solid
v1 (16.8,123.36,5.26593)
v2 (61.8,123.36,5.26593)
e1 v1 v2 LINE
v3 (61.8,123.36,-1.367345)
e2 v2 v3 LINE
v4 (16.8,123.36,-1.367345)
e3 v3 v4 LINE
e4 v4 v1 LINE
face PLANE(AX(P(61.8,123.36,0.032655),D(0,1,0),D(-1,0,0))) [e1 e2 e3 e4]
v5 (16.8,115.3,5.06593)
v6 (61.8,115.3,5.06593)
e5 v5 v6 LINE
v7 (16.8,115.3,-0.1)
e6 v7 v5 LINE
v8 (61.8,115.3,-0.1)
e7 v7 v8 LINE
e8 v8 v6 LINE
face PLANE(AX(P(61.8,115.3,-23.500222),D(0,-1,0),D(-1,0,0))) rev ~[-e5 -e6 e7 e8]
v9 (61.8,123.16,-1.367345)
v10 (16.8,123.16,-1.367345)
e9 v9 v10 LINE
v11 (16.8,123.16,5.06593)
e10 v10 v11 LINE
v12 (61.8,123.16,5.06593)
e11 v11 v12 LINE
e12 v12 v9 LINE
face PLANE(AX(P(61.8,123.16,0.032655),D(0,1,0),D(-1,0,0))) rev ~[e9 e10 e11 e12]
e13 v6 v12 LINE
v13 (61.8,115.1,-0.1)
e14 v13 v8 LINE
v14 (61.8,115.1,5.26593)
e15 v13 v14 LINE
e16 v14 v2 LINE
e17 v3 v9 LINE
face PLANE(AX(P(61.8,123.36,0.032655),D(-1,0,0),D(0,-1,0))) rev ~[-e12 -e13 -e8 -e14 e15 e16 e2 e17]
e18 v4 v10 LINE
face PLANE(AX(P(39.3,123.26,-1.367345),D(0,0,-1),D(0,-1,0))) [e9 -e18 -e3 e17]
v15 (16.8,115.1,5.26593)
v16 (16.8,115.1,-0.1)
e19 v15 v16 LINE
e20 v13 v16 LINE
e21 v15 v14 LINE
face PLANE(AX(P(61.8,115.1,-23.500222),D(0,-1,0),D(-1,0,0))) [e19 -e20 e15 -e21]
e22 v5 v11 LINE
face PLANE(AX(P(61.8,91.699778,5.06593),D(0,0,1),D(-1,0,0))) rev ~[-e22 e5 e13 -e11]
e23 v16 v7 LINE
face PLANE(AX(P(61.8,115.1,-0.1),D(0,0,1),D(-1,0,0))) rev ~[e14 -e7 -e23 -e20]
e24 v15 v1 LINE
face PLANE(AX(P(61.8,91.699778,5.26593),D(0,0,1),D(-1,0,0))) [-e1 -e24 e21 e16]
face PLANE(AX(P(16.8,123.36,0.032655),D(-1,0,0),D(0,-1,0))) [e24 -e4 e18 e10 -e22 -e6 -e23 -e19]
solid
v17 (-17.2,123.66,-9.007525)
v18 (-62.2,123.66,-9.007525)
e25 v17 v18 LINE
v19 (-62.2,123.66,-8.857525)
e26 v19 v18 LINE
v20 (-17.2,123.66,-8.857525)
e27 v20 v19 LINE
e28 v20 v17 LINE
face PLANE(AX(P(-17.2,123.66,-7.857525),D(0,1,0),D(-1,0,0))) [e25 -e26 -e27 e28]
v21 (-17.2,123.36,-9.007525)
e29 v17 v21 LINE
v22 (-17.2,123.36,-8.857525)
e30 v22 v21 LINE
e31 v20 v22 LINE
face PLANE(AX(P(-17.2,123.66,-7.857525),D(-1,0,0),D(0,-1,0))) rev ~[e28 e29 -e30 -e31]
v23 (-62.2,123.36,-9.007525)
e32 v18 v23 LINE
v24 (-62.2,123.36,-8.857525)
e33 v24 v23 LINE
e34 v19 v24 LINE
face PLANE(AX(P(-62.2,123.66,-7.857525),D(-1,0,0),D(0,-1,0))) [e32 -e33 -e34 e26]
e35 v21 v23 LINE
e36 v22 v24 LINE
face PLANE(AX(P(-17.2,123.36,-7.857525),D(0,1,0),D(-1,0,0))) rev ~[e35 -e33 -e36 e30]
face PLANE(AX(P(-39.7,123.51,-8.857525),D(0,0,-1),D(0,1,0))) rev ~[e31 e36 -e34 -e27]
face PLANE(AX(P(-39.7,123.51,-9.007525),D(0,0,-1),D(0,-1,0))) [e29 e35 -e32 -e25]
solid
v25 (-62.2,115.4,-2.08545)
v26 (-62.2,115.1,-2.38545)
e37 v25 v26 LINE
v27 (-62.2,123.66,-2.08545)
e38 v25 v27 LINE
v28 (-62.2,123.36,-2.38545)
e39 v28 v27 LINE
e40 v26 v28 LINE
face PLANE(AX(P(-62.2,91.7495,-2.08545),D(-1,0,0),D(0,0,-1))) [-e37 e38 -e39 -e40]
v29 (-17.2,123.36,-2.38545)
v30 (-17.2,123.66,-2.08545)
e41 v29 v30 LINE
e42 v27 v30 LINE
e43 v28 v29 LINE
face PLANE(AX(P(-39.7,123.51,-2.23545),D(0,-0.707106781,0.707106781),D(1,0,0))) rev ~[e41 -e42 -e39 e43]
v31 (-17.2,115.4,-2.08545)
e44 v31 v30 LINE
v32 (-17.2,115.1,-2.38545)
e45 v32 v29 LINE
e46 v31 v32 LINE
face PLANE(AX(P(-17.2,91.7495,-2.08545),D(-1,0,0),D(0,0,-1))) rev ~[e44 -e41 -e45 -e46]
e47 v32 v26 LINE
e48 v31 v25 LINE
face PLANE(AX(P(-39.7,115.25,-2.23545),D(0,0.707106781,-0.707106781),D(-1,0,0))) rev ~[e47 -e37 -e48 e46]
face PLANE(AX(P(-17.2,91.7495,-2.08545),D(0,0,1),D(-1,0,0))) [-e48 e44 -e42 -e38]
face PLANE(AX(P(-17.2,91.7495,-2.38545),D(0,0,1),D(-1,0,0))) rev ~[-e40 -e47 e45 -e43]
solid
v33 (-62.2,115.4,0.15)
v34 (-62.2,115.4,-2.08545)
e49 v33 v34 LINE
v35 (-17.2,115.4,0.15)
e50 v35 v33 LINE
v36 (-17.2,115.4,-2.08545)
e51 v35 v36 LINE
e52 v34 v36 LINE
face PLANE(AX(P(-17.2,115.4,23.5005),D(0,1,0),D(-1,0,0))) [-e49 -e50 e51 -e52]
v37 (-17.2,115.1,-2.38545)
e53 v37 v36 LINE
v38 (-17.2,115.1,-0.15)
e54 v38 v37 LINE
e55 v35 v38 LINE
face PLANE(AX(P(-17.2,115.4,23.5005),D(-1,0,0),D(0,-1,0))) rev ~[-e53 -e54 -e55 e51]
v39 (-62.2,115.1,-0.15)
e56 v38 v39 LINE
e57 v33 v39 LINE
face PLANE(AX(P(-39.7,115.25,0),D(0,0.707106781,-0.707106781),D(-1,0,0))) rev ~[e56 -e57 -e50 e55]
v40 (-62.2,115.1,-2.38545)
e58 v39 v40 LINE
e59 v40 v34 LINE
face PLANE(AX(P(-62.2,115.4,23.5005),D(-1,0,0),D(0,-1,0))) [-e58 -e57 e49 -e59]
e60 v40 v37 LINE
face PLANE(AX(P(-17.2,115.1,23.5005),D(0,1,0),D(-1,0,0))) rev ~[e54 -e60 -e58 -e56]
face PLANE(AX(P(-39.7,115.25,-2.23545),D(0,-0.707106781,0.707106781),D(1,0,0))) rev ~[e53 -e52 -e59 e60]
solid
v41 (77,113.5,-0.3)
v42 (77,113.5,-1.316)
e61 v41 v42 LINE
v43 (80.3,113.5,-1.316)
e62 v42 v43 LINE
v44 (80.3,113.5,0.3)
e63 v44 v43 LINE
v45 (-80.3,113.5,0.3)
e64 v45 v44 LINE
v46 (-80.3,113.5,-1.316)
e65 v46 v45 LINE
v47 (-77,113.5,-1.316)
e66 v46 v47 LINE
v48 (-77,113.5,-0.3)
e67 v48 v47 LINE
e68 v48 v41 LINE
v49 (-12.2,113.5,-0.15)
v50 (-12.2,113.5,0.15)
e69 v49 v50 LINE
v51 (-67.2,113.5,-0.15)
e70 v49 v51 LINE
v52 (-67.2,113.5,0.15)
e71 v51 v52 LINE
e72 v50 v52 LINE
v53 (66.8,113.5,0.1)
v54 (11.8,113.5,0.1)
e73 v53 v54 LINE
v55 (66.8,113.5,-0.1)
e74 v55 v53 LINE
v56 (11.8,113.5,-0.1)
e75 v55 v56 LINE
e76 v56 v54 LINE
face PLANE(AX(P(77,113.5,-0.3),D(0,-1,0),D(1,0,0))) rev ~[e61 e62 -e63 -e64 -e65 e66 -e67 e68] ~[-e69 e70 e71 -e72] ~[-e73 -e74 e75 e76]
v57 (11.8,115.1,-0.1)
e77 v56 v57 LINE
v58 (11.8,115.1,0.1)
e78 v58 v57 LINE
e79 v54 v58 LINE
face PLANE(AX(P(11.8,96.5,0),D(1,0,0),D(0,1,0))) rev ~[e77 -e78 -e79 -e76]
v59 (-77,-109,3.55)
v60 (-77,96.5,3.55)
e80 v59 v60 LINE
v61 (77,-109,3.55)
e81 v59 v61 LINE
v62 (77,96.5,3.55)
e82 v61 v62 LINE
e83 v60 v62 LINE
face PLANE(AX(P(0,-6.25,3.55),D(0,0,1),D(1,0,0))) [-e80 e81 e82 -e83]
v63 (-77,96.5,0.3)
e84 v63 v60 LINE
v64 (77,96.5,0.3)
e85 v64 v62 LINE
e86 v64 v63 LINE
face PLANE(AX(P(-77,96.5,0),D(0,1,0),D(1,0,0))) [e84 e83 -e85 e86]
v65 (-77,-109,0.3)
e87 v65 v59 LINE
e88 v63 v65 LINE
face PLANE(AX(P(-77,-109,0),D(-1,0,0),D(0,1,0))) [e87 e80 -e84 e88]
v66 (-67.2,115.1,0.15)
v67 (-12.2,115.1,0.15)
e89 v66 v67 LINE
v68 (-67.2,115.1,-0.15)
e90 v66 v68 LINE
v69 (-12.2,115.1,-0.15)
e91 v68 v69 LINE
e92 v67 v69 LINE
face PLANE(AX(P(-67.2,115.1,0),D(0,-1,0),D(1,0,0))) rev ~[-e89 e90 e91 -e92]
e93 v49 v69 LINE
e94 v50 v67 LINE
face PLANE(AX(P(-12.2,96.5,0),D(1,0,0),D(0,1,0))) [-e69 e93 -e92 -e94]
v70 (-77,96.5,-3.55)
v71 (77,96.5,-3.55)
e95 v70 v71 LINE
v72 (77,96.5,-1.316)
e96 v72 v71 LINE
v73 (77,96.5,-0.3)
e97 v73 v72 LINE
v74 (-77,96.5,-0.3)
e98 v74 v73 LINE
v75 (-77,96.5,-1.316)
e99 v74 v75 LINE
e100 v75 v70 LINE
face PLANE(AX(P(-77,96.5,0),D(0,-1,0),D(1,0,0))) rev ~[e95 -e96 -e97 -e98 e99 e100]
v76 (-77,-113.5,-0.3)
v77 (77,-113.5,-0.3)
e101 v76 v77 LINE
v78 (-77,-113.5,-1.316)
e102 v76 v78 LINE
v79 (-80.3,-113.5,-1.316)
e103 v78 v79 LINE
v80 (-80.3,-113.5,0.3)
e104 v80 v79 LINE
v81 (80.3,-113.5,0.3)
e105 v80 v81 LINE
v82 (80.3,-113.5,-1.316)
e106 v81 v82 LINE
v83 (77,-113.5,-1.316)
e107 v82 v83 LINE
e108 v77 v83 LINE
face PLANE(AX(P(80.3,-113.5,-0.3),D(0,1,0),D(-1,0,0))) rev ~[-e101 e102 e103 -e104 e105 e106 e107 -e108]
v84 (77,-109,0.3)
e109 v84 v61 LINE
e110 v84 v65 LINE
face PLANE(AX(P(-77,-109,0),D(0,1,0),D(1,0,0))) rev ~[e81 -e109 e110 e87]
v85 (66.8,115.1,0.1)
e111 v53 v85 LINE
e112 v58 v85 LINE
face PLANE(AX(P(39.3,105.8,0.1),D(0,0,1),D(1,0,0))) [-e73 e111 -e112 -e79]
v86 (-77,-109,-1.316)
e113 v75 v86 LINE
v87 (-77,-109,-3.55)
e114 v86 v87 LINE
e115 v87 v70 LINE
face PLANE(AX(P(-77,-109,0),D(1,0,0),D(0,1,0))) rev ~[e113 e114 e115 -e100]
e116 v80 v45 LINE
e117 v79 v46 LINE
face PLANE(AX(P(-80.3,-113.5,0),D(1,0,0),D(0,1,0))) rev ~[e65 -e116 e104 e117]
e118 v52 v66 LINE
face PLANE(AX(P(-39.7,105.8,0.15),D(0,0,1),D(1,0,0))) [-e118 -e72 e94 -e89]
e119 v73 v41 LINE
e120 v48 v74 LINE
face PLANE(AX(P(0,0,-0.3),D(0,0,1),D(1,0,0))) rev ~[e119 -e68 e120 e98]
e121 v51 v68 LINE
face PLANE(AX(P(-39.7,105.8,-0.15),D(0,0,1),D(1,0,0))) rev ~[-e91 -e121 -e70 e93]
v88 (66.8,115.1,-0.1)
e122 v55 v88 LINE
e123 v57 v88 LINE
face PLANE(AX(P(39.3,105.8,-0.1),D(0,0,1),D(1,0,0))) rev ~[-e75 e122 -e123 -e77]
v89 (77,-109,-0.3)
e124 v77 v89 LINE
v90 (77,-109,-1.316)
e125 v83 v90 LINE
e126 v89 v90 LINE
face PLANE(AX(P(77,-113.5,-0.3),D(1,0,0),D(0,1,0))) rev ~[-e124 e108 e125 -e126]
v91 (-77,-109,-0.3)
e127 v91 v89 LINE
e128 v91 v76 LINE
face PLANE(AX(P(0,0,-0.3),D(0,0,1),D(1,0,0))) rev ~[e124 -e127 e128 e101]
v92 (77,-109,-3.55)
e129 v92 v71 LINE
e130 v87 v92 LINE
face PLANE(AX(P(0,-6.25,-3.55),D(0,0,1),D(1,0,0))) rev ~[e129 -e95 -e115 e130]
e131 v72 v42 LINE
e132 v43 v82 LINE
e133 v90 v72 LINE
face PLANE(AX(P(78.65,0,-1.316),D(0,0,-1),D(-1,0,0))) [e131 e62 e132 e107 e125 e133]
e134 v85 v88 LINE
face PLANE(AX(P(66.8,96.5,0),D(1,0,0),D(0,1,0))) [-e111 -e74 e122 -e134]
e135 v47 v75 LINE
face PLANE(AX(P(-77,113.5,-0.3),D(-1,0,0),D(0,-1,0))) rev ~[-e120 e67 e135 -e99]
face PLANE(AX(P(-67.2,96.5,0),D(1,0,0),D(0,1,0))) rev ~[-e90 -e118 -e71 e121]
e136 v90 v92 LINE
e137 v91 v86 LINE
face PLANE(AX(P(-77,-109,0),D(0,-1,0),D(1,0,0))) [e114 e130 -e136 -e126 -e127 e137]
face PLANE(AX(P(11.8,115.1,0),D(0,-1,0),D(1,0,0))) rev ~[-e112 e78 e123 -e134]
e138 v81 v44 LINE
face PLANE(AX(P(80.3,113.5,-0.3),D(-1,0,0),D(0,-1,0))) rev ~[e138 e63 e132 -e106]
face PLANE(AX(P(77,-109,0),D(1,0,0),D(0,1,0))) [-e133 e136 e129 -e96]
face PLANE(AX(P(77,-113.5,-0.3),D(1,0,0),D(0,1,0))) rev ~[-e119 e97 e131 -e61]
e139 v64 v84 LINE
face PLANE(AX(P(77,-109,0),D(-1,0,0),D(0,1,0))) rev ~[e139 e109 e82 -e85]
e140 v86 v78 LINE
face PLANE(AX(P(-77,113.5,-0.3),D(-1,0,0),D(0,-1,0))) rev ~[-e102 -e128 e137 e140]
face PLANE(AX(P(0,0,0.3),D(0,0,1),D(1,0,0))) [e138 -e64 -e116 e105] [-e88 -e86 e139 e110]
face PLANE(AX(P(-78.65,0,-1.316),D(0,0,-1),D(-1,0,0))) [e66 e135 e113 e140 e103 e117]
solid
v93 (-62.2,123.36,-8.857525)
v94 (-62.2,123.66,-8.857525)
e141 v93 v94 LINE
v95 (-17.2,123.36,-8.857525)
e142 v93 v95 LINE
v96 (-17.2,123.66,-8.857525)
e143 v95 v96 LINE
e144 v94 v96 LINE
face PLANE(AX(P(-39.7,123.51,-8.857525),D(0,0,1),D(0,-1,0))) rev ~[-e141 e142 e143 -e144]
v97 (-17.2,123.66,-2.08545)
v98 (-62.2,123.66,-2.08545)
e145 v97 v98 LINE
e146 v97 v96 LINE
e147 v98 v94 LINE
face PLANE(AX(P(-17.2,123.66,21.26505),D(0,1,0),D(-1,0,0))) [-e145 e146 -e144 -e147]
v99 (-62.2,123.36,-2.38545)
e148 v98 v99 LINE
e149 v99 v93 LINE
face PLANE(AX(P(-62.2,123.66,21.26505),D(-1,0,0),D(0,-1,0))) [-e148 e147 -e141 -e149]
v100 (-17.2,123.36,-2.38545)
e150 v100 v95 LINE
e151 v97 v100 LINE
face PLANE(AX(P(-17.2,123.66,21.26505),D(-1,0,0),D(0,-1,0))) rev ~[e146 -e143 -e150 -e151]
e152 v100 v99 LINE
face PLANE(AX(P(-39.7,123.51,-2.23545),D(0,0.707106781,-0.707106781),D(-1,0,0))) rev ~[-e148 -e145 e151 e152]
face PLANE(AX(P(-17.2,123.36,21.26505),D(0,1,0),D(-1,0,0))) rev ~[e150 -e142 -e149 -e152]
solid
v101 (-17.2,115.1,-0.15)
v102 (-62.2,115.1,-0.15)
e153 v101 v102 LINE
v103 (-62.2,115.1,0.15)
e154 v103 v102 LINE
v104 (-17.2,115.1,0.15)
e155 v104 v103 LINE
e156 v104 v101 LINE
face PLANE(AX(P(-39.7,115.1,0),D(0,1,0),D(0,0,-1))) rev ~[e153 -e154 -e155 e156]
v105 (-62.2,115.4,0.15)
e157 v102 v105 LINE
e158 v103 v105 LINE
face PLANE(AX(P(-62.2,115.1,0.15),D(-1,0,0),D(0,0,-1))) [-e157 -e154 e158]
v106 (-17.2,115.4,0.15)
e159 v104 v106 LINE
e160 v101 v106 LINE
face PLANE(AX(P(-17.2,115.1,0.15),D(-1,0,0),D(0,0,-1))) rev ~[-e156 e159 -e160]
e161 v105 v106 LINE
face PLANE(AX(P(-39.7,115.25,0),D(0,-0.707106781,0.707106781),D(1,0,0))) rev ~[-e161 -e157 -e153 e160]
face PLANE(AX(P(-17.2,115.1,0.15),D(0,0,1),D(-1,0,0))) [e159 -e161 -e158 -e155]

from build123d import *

# Parameters (mm, degrees)
SKETCH1_W                    = 160.6
SKETCH1_H                    = 227
INSULATION_DEPTH             = 0.3
INSULATION_DEPTH_BACK        = 0.3
SKETCH2_W                    = 154
SKETCH2_H                    = 205.5
MAIN_BODY_DEPTH              = 3.55
MAIN_BODY_DEPTH_BACK         = 3.55
SIDE_FOLDS_DEPTH             = 1.016
SKETCH6_W                    = 55
SKETCH6_H                    = 18.6
NEGATIVE_TAB_BASE_DEPTH      = 0.1
NEGATIVE_TAB_BASE_DEPTH_BACK = 0.1
SKETCH7_W                    = 55
SKETCH7_H                    = 18.6
POSITIVE_TAB_BASE_DEPTH      = 0.15
POSITIVE_TAB_BASE_DEPTH_BACK = 0.15
SKETCH113_W                  = 0.2
SKETCH113_H                  = 45
NEGATIVE_TAB_DEPTH           = 23.600222221
SKETCH113_ON_SEGMENT_2_W     = 0.2
SKETCH113_ON_SEGMENT_2_H     = 45
NEGATIVE_TAB_2_DEPTH         = 52.166374442
SKETCH113_ON_SEGMENT_3_W     = 0.2
SKETCH113_ON_SEGMENT_3_H     = 45
NEGATIVE_TAB_3_DEPTH         = 55.060444442
SKETCH113_ON_SEGMENT_4_W     = 0.2
SKETCH113_ON_SEGMENT_4_H     = 45
NEGATIVE_TAB_4_DEPTH         = 30.633497221
SKETCH113_ON_SEGMENT_5_W     = 0.2
SKETCH113_ON_SEGMENT_5_H     = 45
NEGATIVE_TAB_5_DEPTH         = 1.4
SKETCH110_W                  = 0.3
SKETCH110_H                  = 45
POSITIVE_TAB_DEPTH           = 23.650499994
SKETCH110_ON_SEGMENT_2_W     = 0.3
SKETCH110_ON_SEGMENT_2_H     = 45
POSITIVE_TAB_2_DEPTH         = 49.236449989
SKETCH110_ON_SEGMENT_3_W     = 0.3
SKETCH110_ON_SEGMENT_3_H     = 45
POSITIVE_TAB_3_DEPTH         = 55.260999989
SKETCH110_ON_SEGMENT_4_W     = 0.3
SKETCH110_ON_SEGMENT_4_H     = 45
POSITIVE_TAB_4_DEPTH         = 31.122574994
SKETCH110_ON_SEGMENT_5_W     = 0.3
SKETCH110_ON_SEGMENT_5_H     = 45
POSITIVE_TAB_5_DEPTH         = 1.15


with BuildPart() as part:
    # Sketch1 → Insulation (new, two sides)
    with BuildSketch(Plane.XY) as insulation_sk:
        Rectangle(SKETCH1_W, SKETCH1_H)
    extrude(amount=INSULATION_DEPTH)
    extrude(insulation_sk.sketch, amount=-INSULATION_DEPTH_BACK)

    # Sketch2 → Main Body (add, two sides)
    with BuildSketch(Plane.XY) as main_body_sk:
        with Locations((0, -6.25)):
            Rectangle(SKETCH2_W, SKETCH2_H)
    extrude(amount=MAIN_BODY_DEPTH)
    extrude(main_body_sk.sketch, amount=-MAIN_BODY_DEPTH_BACK)

    # Sketch5 → Side Folds (add)
    with BuildSketch(Plane(origin=(0, 0, -0.3), x_dir=(-1, 0, 0), z_dir=(0, 0, -1))):
        Polygon((-77, -109), (-77, 96.5), (-77, 113.5), (-80.3, 113.5), (-80.3, -113.5), (-77, -113.5), align=None)
        Polygon((77, 113.5), (77, 96.5), (77, -109), (77, -113.5), (80.3, -113.5), (80.3, 113.5), align=None)
    extrude(amount=SIDE_FOLDS_DEPTH)

    # Sketch6 → Negative Tab Base (add, two sides)
    with BuildSketch(Plane.XY) as negative_tab_base_sk:
        with Locations((39.3, 105.8)):
            Rectangle(SKETCH6_W, SKETCH6_H)
    extrude(amount=NEGATIVE_TAB_BASE_DEPTH)
    extrude(negative_tab_base_sk.sketch, amount=-NEGATIVE_TAB_BASE_DEPTH_BACK)

    # Sketch7 → Positive Tab Base (add, two sides)
    with BuildSketch(Plane.XY) as positive_tab_base_sk:
        with Locations((-39.7, 105.8)):
            Rectangle(SKETCH7_W, SKETCH7_H)
    extrude(amount=POSITIVE_TAB_BASE_DEPTH)
    extrude(positive_tab_base_sk.sketch, amount=-POSITIVE_TAB_BASE_DEPTH_BACK)


with BuildPart() as body_2:
    # Sketch113 → Negative Tab (new body)
    with BuildSketch(Plane(origin=(39.3, 115.1, 0), x_dir=(0, 0, -1), z_dir=(0, 1, 0))):
        Rectangle(SKETCH113_W, SKETCH113_H)
    extrude(amount=NEGATIVE_TAB_DEPTH)

    # Negative Tab mitre 1
    split(bisect_by=Plane(origin=(39.3, 115.2, 0), x_dir=(1, 0, 0), z_dir=(0, -0.707106781, -0.707106781)), keep=Keep.TOP)


with BuildPart() as body_3:
    # Sketch113 on segment 2 (carried to segment 2) → Negative Tab 2 (new body)
    with BuildSketch(Plane(origin=(39.3, 115.2, -23.500222221), x_dir=(0, 1, 0), z_dir=(0, 0, 1))):
        Rectangle(SKETCH113_ON_SEGMENT_2_W, SKETCH113_ON_SEGMENT_2_H)
    extrude(amount=NEGATIVE_TAB_2_DEPTH)

    # Negative Tab 2 mitre 1
    split(bisect_by=Plane(origin=(39.3, 115.2, 0), x_dir=(-1, 0, 0), z_dir=(0, 0.707106781, 0.707106781)), keep=Keep.TOP)

    # Negative Tab 2 mitre 2
    split(bisect_by=Plane(origin=(39.3, 115.2, 5.16593), x_dir=(1, 0, 0), z_dir=(0, -0.707106781, -0.707106781)), keep=Keep.TOP)


with BuildPart() as body_4:
    # Sketch113 on segment 3 (carried to segment 3) → Negative Tab 3 (new body)
    with BuildSketch(Plane(origin=(39.3, 91.699777779, 5.16593), x_dir=(0, 0, -1), z_dir=(0, 1, 0))):
        Rectangle(SKETCH113_ON_SEGMENT_3_W, SKETCH113_ON_SEGMENT_3_H)
    extrude(amount=NEGATIVE_TAB_3_DEPTH)

    # Negative Tab 3 mitre 1
    split(bisect_by=Plane(origin=(39.3, 115.2, 5.16593), x_dir=(-1, 0, 0), z_dir=(0, 0.707106781, 0.707106781)), keep=Keep.TOP)

    # Negative Tab 3 mitre 2
    split(bisect_by=Plane(origin=(39.3, 123.26, 5.16593), x_dir=(1, 0, 0), z_dir=(0, -0.707106781, 0.707106781)), keep=Keep.TOP)


with BuildPart() as body_5:
    # Sketch113 on segment 4 (carried to segment 4) → Negative Tab 4 (new body)
    with BuildSketch(Plane(origin=(39.3, 123.26, 28.666152221), x_dir=(0, -1, 0), z_dir=(0, 0, -1))):
        Rectangle(SKETCH113_ON_SEGMENT_4_W, SKETCH113_ON_SEGMENT_4_H)
    extrude(amount=NEGATIVE_TAB_4_DEPTH)

    # Negative Tab 4 mitre 1
    split(bisect_by=Plane(origin=(39.3, 123.26, 5.16593), x_dir=(-1, 0, 0), z_dir=(0, 0.707106781, -0.707106781)), keep=Keep.TOP)

    # Negative Tab 4 mitre 2
    split(bisect_by=Plane(origin=(39.3, 123.26, -0.967345), x_dir=(0, -1, 0), z_dir=(0, 0, 1)), keep=Keep.TOP)


with BuildPart() as body_6:
    # Sketch113 on segment 5 (carried to segment 5) → Negative Tab 5 (new body)
    with BuildSketch(Plane(origin=(39.3, 123.26, 0.032655), x_dir=(0, -1, 0), z_dir=(0, 0, -1))):
        Rectangle(SKETCH113_ON_SEGMENT_5_W, SKETCH113_ON_SEGMENT_5_H)
    extrude(amount=NEGATIVE_TAB_5_DEPTH)

    # Negative Tab 5 mitre 1
    split(bisect_by=Plane(origin=(39.3, 123.26, -0.967345), x_dir=(0, 1, 0), z_dir=(0, 0, -1)), keep=Keep.TOP)


with BuildPart() as body_2_1:
    add(body_2.part)

    # Negative Tab as one body: union body 3, body 4, body 5, body 6
    add(body_3.part)
    add(body_4.part)
    add(body_5.part)
    add(body_6.part)


with BuildPart() as body_3_2:
    # Sketch110 → Positive Tab (new body)
    with BuildSketch(Plane(origin=(-39.7, 115.1, 0), x_dir=(0, 0, -1), z_dir=(0, 1, 0))):
        Rectangle(SKETCH110_W, SKETCH110_H)
    extrude(amount=POSITIVE_TAB_DEPTH)

    # Positive Tab mitre 1
    split(bisect_by=Plane(origin=(-39.7, 115.25, 0), x_dir=(1, 0, 0), z_dir=(0, -0.707106781, 0.707106781)), keep=Keep.TOP)


with BuildPart() as body_4_2:
    # Sketch110 on segment 2 (carried to segment 2) → Positive Tab 2 (new body)
    with BuildSketch(Plane(origin=(-39.7, 115.25, 23.500499994), x_dir=(0, -1, 0), z_dir=(0, 0, -1))):
        Rectangle(SKETCH110_ON_SEGMENT_2_W, SKETCH110_ON_SEGMENT_2_H)
    extrude(amount=POSITIVE_TAB_2_DEPTH)

    # Positive Tab 2 mitre 1
    split(bisect_by=Plane(origin=(-39.7, 115.25, 0), x_dir=(-1, 0, 0), z_dir=(0, 0.707106781, -0.707106781)), keep=Keep.TOP)

    # Positive Tab 2 mitre 2
    split(bisect_by=Plane(origin=(-39.7, 115.25, -2.23545), x_dir=(1, 0, 0), z_dir=(0, -0.707106781, 0.707106781)), keep=Keep.TOP)


with BuildPart() as body_5_2:
    # Sketch110 on segment 3 (carried to segment 3) → Positive Tab 3 (new body)
    with BuildSketch(Plane(origin=(-39.7, 91.749500006, -2.23545), x_dir=(0, 0, -1), z_dir=(0, 1, 0))):
        Rectangle(SKETCH110_ON_SEGMENT_3_W, SKETCH110_ON_SEGMENT_3_H)
    extrude(amount=POSITIVE_TAB_3_DEPTH)

    # Positive Tab 3 mitre 1
    split(bisect_by=Plane(origin=(-39.7, 115.25, -2.23545), x_dir=(-1, 0, 0), z_dir=(0, 0.707106781, -0.707106781)), keep=Keep.TOP)

    # Positive Tab 3 mitre 2
    split(bisect_by=Plane(origin=(-39.7, 123.51, -2.23545), x_dir=(1, 0, 0), z_dir=(0, -0.707106781, 0.707106781)), keep=Keep.TOP)


with BuildPart() as body_6_2:
    # Sketch110 on segment 4 (carried to segment 4) → Positive Tab 4 (new body)
    with BuildSketch(Plane(origin=(-39.7, 123.51, 21.265049994), x_dir=(0, -1, 0), z_dir=(0, 0, -1))):
        Rectangle(SKETCH110_ON_SEGMENT_4_W, SKETCH110_ON_SEGMENT_4_H)
    extrude(amount=POSITIVE_TAB_4_DEPTH)

    # Positive Tab 4 mitre 1
    split(bisect_by=Plane(origin=(-39.7, 123.51, -2.23545), x_dir=(-1, 0, 0), z_dir=(0, 0.707106781, -0.707106781)), keep=Keep.TOP)

    # Positive Tab 4 mitre 2
    split(bisect_by=Plane(origin=(-39.7, 123.51, -8.857525), x_dir=(0, -1, 0), z_dir=(0, 0, 1)), keep=Keep.TOP)


with BuildPart() as body_7:
    # Sketch110 on segment 5 (carried to segment 5) → Positive Tab 5 (new body)
    with BuildSketch(Plane(origin=(-39.7, 123.51, -7.857525), x_dir=(0, -1, 0), z_dir=(0, 0, -1))):
        Rectangle(SKETCH110_ON_SEGMENT_5_W, SKETCH110_ON_SEGMENT_5_H)
    extrude(amount=POSITIVE_TAB_5_DEPTH)

    # Positive Tab 5 mitre 1
    split(bisect_by=Plane(origin=(-39.7, 123.51, -8.857525), x_dir=(0, 1, 0), z_dir=(0, 0, -1)), keep=Keep.TOP)


solid = Compound([part.part, body_2_1.part, body_3_2.part, body_4_2.part, body_5_2.part, body_6_2.part, body_7.part])
